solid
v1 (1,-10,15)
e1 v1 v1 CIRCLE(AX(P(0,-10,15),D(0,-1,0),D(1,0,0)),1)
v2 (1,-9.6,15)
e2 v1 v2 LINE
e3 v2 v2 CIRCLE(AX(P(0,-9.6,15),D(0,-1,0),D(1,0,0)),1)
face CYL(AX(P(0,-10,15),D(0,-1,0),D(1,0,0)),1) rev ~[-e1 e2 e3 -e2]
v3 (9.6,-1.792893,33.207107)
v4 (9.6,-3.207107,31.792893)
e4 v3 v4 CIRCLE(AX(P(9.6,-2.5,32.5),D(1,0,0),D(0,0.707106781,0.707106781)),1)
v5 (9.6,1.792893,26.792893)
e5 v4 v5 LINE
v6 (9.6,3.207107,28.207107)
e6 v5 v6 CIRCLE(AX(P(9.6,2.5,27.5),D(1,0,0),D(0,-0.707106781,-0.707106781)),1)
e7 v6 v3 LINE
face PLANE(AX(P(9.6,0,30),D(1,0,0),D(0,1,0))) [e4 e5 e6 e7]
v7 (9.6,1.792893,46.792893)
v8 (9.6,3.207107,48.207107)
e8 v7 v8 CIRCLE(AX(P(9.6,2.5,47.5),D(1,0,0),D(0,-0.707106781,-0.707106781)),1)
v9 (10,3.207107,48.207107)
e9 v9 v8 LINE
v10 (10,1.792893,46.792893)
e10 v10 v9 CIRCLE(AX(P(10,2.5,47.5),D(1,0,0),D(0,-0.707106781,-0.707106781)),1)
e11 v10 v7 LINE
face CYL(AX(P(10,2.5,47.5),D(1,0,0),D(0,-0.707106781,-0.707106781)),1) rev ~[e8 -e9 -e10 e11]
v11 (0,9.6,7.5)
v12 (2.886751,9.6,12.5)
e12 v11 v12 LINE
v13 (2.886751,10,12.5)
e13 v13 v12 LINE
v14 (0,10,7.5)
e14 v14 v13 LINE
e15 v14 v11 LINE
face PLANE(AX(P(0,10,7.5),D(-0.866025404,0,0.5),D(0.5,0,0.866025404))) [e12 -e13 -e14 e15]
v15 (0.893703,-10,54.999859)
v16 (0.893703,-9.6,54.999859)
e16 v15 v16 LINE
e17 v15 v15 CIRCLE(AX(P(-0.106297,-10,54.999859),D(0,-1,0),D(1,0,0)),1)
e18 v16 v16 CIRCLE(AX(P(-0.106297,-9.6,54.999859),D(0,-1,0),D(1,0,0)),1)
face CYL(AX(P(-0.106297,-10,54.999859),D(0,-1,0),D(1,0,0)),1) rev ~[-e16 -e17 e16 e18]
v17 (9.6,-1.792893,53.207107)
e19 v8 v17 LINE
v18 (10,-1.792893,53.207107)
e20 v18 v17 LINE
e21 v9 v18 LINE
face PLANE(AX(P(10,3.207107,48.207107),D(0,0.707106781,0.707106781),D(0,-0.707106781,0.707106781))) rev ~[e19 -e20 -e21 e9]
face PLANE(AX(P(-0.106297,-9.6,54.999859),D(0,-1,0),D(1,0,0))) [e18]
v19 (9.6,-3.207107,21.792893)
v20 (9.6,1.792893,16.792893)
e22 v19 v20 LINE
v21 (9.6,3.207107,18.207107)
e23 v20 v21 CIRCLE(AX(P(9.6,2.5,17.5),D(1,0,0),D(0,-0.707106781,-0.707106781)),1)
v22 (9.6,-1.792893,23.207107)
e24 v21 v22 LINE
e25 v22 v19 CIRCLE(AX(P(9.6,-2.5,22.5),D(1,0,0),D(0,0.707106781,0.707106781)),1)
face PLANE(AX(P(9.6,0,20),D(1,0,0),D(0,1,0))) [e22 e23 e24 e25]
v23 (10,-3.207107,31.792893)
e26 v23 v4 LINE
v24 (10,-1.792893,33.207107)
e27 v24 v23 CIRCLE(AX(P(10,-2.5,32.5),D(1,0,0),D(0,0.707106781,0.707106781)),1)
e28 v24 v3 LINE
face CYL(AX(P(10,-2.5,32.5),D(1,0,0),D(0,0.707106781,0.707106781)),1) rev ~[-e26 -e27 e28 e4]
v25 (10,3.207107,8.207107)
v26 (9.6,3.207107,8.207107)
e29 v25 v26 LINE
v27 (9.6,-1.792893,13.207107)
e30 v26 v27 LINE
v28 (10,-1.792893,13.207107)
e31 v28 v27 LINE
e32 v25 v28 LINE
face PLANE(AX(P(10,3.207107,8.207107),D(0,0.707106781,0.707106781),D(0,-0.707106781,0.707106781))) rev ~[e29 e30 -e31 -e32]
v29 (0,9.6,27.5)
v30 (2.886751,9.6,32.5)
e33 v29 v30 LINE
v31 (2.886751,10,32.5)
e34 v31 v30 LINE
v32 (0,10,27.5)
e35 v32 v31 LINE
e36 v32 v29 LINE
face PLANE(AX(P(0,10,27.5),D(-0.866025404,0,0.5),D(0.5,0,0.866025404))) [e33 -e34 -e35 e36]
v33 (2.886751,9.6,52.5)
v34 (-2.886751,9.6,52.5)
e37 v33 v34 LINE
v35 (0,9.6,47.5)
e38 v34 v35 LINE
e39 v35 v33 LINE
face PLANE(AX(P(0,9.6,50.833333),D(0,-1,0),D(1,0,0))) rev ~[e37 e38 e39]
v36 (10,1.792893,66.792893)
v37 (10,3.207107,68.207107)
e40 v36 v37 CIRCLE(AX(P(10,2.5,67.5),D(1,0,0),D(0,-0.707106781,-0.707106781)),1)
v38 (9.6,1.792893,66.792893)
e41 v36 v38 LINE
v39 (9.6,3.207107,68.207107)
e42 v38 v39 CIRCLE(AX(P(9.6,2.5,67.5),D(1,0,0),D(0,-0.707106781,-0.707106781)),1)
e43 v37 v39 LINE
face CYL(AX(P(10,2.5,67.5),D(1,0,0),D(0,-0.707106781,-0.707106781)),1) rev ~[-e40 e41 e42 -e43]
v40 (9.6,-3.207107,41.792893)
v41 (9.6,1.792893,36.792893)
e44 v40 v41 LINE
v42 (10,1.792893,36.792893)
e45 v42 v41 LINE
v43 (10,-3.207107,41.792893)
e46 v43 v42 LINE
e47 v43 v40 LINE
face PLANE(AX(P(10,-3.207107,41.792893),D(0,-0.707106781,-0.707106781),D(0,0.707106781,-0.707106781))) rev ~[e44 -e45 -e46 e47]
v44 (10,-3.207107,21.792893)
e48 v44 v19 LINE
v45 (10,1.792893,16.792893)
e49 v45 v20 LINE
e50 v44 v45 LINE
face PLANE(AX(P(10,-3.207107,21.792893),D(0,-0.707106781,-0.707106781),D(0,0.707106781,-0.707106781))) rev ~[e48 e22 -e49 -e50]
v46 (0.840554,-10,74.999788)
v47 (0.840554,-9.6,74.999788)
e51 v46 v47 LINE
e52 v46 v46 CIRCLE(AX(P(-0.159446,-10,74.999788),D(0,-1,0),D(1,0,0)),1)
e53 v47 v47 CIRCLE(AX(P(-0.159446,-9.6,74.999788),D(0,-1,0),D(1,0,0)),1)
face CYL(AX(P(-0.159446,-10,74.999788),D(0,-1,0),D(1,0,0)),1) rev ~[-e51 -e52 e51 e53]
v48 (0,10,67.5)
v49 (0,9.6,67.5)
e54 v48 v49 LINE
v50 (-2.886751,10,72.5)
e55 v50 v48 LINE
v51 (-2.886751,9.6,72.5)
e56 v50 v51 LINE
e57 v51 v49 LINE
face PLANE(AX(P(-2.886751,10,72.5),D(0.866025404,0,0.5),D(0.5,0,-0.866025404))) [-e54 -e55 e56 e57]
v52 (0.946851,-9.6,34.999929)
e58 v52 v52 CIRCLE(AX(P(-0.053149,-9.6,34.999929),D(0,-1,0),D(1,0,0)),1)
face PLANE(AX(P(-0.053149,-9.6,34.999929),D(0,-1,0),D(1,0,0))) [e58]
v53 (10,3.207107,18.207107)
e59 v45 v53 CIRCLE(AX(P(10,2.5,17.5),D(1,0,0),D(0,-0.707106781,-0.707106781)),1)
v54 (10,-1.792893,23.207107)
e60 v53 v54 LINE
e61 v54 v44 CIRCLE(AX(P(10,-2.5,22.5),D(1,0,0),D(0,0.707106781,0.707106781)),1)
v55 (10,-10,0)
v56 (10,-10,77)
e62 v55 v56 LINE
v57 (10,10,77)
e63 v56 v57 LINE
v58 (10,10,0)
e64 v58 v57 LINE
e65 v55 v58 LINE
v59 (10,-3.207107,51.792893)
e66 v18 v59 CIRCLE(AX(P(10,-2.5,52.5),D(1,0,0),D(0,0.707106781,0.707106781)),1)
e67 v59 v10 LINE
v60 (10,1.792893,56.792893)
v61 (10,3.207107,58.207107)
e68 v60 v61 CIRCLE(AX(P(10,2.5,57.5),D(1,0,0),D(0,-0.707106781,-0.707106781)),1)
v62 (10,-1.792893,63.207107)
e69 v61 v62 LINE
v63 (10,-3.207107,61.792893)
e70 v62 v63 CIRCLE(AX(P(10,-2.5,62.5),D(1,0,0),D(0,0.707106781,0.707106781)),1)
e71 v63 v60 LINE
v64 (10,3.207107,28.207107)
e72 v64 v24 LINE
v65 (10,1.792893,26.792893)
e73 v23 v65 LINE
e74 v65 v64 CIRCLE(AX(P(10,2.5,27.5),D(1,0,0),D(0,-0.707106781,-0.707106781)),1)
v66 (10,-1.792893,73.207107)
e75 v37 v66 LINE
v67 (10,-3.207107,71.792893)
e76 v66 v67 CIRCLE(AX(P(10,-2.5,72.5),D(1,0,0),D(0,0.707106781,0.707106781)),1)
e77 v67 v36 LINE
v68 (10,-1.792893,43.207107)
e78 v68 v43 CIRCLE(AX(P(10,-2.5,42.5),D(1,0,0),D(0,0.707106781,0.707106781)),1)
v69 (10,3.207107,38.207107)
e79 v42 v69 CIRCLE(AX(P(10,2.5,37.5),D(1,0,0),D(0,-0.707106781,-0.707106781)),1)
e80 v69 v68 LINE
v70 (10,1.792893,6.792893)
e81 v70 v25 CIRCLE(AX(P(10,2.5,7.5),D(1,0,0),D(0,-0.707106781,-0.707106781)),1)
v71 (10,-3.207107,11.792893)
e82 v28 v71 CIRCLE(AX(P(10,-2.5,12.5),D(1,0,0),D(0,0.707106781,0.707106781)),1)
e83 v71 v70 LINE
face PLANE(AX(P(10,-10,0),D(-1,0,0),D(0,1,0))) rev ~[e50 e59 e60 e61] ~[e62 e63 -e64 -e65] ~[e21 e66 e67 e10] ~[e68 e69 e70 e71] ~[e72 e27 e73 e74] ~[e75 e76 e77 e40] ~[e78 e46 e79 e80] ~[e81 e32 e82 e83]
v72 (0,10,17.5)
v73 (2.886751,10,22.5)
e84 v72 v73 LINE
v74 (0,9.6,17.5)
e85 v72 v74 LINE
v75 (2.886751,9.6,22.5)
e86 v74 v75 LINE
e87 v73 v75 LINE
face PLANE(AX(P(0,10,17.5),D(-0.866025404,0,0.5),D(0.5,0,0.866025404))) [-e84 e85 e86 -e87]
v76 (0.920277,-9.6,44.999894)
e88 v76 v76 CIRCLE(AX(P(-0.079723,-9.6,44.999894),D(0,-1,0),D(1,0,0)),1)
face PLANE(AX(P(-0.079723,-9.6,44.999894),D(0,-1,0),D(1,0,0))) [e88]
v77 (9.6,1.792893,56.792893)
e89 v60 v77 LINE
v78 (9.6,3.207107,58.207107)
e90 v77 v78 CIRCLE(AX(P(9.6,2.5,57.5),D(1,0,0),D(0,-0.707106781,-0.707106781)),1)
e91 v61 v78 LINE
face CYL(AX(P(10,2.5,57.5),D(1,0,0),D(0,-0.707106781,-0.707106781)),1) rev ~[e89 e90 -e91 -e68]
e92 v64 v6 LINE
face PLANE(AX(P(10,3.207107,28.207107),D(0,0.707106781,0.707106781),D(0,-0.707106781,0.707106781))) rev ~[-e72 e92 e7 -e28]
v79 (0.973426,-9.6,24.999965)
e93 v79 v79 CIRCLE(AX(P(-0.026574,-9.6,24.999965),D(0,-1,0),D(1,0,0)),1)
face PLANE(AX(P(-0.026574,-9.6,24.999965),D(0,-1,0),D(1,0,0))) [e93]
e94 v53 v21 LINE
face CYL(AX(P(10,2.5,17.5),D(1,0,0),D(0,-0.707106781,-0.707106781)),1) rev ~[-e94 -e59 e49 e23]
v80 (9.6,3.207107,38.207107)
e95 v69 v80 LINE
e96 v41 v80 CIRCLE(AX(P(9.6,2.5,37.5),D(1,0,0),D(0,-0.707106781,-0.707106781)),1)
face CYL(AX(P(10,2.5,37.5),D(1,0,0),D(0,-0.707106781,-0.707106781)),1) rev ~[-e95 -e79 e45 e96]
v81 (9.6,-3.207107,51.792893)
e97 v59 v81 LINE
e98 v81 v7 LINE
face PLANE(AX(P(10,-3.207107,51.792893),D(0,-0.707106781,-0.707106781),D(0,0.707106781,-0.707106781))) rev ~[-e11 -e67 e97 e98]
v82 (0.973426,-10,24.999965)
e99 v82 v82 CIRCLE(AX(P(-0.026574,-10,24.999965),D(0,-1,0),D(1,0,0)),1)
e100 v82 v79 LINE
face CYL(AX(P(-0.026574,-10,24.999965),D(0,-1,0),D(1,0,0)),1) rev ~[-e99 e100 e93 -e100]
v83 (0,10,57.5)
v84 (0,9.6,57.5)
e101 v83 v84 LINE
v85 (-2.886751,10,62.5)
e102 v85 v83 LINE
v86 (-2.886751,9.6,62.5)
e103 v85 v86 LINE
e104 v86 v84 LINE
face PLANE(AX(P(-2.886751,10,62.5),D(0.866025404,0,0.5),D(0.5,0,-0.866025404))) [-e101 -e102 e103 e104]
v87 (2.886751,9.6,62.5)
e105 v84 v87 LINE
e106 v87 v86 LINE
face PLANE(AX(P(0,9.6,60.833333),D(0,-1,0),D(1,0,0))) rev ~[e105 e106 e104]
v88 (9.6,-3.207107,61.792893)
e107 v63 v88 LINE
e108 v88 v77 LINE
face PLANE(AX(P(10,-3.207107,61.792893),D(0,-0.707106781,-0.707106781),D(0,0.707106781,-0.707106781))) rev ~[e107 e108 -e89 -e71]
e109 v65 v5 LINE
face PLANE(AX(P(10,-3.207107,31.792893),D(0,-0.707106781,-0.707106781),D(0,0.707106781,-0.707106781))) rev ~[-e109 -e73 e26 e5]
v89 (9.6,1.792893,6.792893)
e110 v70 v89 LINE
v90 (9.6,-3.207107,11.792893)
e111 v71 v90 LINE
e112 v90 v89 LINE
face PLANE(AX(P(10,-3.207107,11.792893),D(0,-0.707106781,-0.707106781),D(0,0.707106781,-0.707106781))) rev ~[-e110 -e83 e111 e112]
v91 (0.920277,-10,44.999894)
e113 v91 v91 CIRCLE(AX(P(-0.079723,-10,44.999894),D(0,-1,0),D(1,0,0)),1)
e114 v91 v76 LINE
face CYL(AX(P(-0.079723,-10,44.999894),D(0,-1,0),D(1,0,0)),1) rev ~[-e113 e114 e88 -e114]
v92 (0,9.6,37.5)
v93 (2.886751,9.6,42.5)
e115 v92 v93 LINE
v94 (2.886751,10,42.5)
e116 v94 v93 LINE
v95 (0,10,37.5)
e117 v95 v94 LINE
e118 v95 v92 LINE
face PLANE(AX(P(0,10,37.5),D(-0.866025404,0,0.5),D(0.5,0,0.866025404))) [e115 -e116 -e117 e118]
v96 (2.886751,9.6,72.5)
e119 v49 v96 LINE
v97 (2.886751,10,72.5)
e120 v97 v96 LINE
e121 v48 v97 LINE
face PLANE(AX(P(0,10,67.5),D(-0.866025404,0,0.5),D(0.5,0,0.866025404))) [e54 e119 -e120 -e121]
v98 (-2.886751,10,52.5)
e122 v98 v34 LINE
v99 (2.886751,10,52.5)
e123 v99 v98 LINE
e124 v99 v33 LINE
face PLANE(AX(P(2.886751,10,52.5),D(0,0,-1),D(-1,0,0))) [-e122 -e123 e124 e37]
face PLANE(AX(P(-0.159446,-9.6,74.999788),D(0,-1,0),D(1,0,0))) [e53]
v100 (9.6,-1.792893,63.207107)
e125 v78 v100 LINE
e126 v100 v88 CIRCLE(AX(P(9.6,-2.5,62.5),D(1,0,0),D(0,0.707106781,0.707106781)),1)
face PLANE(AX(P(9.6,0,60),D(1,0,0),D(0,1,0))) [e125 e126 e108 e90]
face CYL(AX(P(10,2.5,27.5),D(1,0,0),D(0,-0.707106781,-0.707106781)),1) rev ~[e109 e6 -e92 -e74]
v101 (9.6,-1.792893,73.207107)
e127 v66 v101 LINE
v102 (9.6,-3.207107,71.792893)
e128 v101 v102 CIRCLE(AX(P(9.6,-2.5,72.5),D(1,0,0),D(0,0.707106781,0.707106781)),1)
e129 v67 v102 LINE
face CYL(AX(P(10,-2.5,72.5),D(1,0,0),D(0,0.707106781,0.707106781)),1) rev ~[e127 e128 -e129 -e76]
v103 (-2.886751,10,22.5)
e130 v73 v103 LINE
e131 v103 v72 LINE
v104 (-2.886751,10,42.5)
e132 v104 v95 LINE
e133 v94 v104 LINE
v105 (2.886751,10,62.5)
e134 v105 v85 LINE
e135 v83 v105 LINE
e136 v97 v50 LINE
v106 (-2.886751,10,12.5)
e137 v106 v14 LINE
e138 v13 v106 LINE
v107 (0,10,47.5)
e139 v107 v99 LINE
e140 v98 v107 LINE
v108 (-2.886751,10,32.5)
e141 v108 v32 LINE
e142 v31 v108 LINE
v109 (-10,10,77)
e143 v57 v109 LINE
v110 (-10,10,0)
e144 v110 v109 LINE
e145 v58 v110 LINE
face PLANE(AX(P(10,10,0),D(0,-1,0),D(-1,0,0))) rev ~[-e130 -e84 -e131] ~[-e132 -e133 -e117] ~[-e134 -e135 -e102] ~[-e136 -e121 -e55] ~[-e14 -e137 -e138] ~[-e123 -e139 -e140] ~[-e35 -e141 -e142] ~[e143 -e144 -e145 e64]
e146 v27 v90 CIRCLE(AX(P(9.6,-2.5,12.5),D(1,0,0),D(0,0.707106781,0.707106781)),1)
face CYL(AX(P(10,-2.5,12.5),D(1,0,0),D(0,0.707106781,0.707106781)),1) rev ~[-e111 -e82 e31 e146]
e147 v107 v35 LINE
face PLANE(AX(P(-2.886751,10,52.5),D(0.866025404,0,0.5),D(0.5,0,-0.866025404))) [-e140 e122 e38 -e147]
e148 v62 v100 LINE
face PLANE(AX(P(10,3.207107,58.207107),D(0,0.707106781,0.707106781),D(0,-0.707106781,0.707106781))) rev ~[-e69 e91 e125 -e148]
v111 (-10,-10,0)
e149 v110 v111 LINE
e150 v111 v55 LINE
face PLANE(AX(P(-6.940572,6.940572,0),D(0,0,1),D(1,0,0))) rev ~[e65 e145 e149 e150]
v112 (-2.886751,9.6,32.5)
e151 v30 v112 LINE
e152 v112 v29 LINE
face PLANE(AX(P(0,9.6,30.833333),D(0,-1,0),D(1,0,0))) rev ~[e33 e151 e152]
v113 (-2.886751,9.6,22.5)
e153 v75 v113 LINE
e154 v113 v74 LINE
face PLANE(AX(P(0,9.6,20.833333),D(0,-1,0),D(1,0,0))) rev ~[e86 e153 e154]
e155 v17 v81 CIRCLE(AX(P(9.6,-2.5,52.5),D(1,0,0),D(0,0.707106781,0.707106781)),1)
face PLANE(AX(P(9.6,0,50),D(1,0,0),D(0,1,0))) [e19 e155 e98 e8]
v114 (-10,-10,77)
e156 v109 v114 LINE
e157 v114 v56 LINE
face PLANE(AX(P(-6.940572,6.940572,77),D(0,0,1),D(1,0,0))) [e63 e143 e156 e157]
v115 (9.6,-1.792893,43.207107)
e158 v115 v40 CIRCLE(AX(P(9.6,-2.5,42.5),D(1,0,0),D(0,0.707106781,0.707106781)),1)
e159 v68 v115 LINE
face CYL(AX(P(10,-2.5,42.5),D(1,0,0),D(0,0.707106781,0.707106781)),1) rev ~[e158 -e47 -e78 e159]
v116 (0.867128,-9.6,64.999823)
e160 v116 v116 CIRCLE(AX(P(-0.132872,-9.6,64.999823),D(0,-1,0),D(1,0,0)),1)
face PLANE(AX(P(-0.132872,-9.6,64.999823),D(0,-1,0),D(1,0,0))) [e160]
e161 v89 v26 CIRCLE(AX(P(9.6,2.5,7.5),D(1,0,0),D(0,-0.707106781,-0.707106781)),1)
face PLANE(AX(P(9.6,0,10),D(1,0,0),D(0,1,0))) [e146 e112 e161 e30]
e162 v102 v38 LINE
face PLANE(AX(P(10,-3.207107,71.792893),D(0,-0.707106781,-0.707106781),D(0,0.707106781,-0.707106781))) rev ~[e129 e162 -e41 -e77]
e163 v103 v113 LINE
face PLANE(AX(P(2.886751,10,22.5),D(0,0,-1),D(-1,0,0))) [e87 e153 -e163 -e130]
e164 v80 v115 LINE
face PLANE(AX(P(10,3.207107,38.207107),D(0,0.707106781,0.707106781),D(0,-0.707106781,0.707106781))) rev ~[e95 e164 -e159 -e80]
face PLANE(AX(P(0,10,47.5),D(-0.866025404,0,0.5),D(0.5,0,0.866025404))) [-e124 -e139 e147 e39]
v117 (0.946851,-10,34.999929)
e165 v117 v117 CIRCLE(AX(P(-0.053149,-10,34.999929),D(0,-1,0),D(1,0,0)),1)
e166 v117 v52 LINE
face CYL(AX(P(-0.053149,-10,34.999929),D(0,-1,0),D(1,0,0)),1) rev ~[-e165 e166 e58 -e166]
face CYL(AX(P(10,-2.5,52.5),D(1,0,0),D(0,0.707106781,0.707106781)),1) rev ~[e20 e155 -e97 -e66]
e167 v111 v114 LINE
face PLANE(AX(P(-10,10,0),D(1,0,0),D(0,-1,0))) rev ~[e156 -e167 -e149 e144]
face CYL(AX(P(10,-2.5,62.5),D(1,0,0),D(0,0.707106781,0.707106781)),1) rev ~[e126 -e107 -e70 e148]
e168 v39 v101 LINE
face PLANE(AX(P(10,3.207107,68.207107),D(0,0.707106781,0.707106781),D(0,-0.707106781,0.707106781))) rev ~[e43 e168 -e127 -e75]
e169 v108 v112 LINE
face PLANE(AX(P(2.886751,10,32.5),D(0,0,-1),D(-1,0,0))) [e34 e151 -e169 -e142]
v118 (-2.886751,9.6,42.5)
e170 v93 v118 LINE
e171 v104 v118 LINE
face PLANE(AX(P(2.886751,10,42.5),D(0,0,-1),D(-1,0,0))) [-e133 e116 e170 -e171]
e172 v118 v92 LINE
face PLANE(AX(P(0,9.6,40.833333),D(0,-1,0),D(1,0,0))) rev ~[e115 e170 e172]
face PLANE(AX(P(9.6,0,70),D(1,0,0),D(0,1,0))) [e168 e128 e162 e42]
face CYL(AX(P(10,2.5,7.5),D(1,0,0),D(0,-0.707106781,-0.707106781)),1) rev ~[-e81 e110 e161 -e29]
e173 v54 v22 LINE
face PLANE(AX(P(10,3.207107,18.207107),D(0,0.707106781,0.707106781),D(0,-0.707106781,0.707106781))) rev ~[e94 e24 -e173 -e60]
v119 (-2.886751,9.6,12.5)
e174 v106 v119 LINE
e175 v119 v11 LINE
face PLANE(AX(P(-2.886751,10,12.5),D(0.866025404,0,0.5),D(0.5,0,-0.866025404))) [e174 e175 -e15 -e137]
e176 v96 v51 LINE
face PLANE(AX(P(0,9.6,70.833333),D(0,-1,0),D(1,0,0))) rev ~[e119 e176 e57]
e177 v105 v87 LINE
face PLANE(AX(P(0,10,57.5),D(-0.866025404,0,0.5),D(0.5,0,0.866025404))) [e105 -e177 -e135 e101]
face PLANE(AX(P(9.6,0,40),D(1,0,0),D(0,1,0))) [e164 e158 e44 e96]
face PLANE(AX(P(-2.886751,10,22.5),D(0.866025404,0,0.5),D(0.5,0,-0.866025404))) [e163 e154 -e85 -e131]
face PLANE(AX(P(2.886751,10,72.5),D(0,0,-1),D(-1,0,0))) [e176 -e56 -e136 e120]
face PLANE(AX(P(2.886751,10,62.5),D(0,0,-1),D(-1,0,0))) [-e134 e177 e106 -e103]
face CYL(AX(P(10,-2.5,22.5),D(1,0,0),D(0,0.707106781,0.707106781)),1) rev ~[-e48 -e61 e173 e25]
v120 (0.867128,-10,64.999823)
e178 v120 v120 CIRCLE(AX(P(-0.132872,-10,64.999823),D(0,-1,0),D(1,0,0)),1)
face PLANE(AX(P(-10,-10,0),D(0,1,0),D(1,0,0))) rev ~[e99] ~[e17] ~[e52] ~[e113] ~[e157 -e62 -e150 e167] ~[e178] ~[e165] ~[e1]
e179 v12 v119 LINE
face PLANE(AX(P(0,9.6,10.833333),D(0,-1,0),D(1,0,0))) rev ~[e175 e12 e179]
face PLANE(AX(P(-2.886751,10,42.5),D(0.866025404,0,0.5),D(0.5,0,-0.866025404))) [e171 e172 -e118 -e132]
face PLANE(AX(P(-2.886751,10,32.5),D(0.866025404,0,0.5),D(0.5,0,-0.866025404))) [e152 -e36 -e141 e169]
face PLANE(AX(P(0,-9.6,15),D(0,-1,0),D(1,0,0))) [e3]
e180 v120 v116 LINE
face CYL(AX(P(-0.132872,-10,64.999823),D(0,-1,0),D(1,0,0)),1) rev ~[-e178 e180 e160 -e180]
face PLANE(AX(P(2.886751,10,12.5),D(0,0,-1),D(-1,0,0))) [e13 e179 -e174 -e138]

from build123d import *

# Parameters (mm, degrees)
F1_DEPTH  = 77
F3_R      = 1
F4_DEPTH  = 0.4
F1_FACE_W = 20
F1_FACE_H = 77
F7_DEPTH  = 0.4
F10_DEPTH = 0.4


with BuildPart() as f1:
    # F0 (on Top) → F1 (new body)
    with BuildSketch(Plane.XY):
        with BuildLine():
            ThreePointArc((-10, 0), (-7.0710678119, 7.0710678119), (0, 10))
            Line((0, 10), (-10, 10))
            Line((-10, 10), (-10, 0))
        make_face()
        with BuildLine():
            Line((-10, -10), (0, -10))
            ThreePointArc((0, -10), (-7.0710678119, -7.0710678119), (-10, 0))
            Line((-10, 0), (-10, -10))
        make_face()
        with BuildLine():
            Line((10, -10), (10, 0))
            ThreePointArc((10, 0), (7.0710678119, -7.0710678119), (0, -10))
            Line((0, -10), (10, -10))
        make_face()
        with BuildLine():
            ThreePointArc((0, 10), (7.0710678119, 7.0710678119), (10, 0))
            Line((10, 0), (10, 10))
            Line((10, 10), (0, 10))
        make_face()
        with BuildLine():
            ThreePointArc((0, -10), (7.0710678119, -7.0710678119), (10, 0))
            ThreePointArc((10, 0), (7.0710678119, 7.0710678119), (0, 10))
            ThreePointArc((0, 10), (-7.0710678119, 7.0710678119), (-10, 0))
            ThreePointArc((-10, 0), (-7.0710678119, -7.0710678119), (0, -10))
        make_face()
    extrude(amount=F1_DEPTH)

    # F3 (on offset) → F4 (cut)
    with BuildSketch(Plane.XZ.offset(10)):
        with Locations((0, 15)):
            Circle(F3_R)
        with Locations((-0.0265743064, 24.9999646902)):
            Circle(F3_R)
        with Locations((-0.0531486127, 34.9999293805)):
            Circle(F3_R)
        with Locations((-0.0797229191, 44.9998940707)):
            Circle(F3_R)
        with Locations((-0.1062972255, 54.999858761)):
            Circle(F3_R)
        with Locations((-0.1328715318, 64.9998234512)):
            Circle(F3_R)
        with Locations((-0.1594458382, 74.9997881415)):
            Circle(F3_R)
    extrude(amount=-F4_DEPTH, mode=Mode.SUBTRACT)

    # F6 (on offset) + F1_face (on face) → F7 (cut)
    with BuildSketch(Plane.YZ.offset(10)):
        with BuildLine():
            ThreePointArc((-1.7928932188, 13.2071067812), (-3.2071067812, 13.2071067812), (-3.2071067812, 11.7928932188))
            Line((-3.2071067812, 11.7928932188), (1.7928932188, 6.7928932188))
            ThreePointArc((1.7928932188, 6.7928932188), (3.2071067812, 6.7928932188), (3.2071067812, 8.2071067812))
            Line((3.2071067812, 8.2071067812), (-1.7928932188, 13.2071067812))
        make_face()
        with BuildLine():
            ThreePointArc((-1.7928932188, 23.2071067812), (-3.2071067812, 23.2071067812), (-3.2071067812, 21.7928932188))
            Line((-3.2071067812, 21.7928932188), (1.7928932188, 16.7928932188))
            ThreePointArc((1.7928932188, 16.7928932188), (3.2071067812, 16.7928932188), (3.2071067812, 18.2071067812))
            Line((3.2071067812, 18.2071067812), (-1.7928932188, 23.2071067812))
        make_face()
        with BuildLine():
            ThreePointArc((-1.7928932188, 33.2071067812), (-3.2071067812, 33.2071067812), (-3.2071067812, 31.7928932188))
            Line((-3.2071067812, 31.7928932188), (1.7928932188, 26.7928932188))
            ThreePointArc((1.7928932188, 26.7928932188), (3.2071067812, 26.7928932188), (3.2071067812, 28.2071067812))
            Line((3.2071067812, 28.2071067812), (-1.7928932188, 33.2071067812))
        make_face()
        with BuildLine():
            ThreePointArc((-1.7928932188, 43.2071067812), (-3.2071067812, 43.2071067812), (-3.2071067812, 41.7928932188))
            Line((-3.2071067812, 41.7928932188), (1.7928932188, 36.7928932188))
            ThreePointArc((1.7928932188, 36.7928932188), (3.2071067812, 36.7928932188), (3.2071067812, 38.2071067812))
            Line((3.2071067812, 38.2071067812), (-1.7928932188, 43.2071067812))
        make_face()
        with BuildLine():
            ThreePointArc((-1.7928932188, 53.2071067812), (-3.2071067812, 53.2071067812), (-3.2071067812, 51.7928932188))
            Line((-3.2071067812, 51.7928932188), (1.7928932188, 46.7928932188))
            ThreePointArc((1.7928932188, 46.7928932188), (3.2071067812, 46.7928932188), (3.2071067812, 48.2071067812))
            Line((3.2071067812, 48.2071067812), (-1.7928932188, 53.2071067812))
        make_face()
        with BuildLine():
            ThreePointArc((-1.7928932188, 63.2071067812), (-3.2071067812, 63.2071067812), (-3.2071067812, 61.7928932188))
            Line((-3.2071067812, 61.7928932188), (1.7928932188, 56.7928932188))
            ThreePointArc((1.7928932188, 56.7928932188), (3.2071067812, 56.7928932188), (3.2071067812, 58.2071067812))
            Line((3.2071067812, 58.2071067812), (-1.7928932188, 63.2071067812))
        make_face()
        with BuildLine():
            ThreePointArc((-1.7928932188, 73.2071067812), (-3.2071067812, 73.2071067812), (-3.2071067812, 71.7928932188))
            Line((-3.2071067812, 71.7928932188), (1.7928932188, 66.7928932188))
            ThreePointArc((1.7928932188, 66.7928932188), (3.2071067812, 66.7928932188), (3.2071067812, 68.2071067812))
            Line((3.2071067812, 68.2071067812), (-1.7928932188, 73.2071067812))
        make_face()
    with BuildSketch(Plane(origin=(-10, 0, 38.5), x_dir=(0, -1, 0), z_dir=(-1, 0, 0))):
        Rectangle(F1_FACE_W, F1_FACE_H)
    extrude(amount=-F7_DEPTH, dir=(1, 0, 0), mode=Mode.SUBTRACT)

    # F9 (on offset) → F10 (cut)
    with BuildSketch(Plane.XZ.offset(-10)):
        Polygon((2.8867513459, 12.5), (-2.8867513459, 12.5), (0, 7.5), align=None)
        Polygon((-2.8867513459, 22.5), (0, 17.5), (2.8867513459, 22.5), align=None)
        Polygon((-2.8867513459, 32.5), (0, 27.5), (2.8867513459, 32.5), align=None)
        Polygon((-2.8867513459, 42.5), (0, 37.5), (2.8867513459, 42.5), align=None)
        Polygon((-2.8867513459, 52.5), (0, 47.5), (2.8867513459, 52.5), align=None)
        Polygon((-2.8867513459, 62.5), (0, 57.5), (2.8867513459, 62.5), align=None)
        Polygon((-2.8867513459, 72.5), (0, 67.5), (2.8867513459, 72.5), align=None)
    extrude(amount=F10_DEPTH, mode=Mode.SUBTRACT)


solid = f1.part
